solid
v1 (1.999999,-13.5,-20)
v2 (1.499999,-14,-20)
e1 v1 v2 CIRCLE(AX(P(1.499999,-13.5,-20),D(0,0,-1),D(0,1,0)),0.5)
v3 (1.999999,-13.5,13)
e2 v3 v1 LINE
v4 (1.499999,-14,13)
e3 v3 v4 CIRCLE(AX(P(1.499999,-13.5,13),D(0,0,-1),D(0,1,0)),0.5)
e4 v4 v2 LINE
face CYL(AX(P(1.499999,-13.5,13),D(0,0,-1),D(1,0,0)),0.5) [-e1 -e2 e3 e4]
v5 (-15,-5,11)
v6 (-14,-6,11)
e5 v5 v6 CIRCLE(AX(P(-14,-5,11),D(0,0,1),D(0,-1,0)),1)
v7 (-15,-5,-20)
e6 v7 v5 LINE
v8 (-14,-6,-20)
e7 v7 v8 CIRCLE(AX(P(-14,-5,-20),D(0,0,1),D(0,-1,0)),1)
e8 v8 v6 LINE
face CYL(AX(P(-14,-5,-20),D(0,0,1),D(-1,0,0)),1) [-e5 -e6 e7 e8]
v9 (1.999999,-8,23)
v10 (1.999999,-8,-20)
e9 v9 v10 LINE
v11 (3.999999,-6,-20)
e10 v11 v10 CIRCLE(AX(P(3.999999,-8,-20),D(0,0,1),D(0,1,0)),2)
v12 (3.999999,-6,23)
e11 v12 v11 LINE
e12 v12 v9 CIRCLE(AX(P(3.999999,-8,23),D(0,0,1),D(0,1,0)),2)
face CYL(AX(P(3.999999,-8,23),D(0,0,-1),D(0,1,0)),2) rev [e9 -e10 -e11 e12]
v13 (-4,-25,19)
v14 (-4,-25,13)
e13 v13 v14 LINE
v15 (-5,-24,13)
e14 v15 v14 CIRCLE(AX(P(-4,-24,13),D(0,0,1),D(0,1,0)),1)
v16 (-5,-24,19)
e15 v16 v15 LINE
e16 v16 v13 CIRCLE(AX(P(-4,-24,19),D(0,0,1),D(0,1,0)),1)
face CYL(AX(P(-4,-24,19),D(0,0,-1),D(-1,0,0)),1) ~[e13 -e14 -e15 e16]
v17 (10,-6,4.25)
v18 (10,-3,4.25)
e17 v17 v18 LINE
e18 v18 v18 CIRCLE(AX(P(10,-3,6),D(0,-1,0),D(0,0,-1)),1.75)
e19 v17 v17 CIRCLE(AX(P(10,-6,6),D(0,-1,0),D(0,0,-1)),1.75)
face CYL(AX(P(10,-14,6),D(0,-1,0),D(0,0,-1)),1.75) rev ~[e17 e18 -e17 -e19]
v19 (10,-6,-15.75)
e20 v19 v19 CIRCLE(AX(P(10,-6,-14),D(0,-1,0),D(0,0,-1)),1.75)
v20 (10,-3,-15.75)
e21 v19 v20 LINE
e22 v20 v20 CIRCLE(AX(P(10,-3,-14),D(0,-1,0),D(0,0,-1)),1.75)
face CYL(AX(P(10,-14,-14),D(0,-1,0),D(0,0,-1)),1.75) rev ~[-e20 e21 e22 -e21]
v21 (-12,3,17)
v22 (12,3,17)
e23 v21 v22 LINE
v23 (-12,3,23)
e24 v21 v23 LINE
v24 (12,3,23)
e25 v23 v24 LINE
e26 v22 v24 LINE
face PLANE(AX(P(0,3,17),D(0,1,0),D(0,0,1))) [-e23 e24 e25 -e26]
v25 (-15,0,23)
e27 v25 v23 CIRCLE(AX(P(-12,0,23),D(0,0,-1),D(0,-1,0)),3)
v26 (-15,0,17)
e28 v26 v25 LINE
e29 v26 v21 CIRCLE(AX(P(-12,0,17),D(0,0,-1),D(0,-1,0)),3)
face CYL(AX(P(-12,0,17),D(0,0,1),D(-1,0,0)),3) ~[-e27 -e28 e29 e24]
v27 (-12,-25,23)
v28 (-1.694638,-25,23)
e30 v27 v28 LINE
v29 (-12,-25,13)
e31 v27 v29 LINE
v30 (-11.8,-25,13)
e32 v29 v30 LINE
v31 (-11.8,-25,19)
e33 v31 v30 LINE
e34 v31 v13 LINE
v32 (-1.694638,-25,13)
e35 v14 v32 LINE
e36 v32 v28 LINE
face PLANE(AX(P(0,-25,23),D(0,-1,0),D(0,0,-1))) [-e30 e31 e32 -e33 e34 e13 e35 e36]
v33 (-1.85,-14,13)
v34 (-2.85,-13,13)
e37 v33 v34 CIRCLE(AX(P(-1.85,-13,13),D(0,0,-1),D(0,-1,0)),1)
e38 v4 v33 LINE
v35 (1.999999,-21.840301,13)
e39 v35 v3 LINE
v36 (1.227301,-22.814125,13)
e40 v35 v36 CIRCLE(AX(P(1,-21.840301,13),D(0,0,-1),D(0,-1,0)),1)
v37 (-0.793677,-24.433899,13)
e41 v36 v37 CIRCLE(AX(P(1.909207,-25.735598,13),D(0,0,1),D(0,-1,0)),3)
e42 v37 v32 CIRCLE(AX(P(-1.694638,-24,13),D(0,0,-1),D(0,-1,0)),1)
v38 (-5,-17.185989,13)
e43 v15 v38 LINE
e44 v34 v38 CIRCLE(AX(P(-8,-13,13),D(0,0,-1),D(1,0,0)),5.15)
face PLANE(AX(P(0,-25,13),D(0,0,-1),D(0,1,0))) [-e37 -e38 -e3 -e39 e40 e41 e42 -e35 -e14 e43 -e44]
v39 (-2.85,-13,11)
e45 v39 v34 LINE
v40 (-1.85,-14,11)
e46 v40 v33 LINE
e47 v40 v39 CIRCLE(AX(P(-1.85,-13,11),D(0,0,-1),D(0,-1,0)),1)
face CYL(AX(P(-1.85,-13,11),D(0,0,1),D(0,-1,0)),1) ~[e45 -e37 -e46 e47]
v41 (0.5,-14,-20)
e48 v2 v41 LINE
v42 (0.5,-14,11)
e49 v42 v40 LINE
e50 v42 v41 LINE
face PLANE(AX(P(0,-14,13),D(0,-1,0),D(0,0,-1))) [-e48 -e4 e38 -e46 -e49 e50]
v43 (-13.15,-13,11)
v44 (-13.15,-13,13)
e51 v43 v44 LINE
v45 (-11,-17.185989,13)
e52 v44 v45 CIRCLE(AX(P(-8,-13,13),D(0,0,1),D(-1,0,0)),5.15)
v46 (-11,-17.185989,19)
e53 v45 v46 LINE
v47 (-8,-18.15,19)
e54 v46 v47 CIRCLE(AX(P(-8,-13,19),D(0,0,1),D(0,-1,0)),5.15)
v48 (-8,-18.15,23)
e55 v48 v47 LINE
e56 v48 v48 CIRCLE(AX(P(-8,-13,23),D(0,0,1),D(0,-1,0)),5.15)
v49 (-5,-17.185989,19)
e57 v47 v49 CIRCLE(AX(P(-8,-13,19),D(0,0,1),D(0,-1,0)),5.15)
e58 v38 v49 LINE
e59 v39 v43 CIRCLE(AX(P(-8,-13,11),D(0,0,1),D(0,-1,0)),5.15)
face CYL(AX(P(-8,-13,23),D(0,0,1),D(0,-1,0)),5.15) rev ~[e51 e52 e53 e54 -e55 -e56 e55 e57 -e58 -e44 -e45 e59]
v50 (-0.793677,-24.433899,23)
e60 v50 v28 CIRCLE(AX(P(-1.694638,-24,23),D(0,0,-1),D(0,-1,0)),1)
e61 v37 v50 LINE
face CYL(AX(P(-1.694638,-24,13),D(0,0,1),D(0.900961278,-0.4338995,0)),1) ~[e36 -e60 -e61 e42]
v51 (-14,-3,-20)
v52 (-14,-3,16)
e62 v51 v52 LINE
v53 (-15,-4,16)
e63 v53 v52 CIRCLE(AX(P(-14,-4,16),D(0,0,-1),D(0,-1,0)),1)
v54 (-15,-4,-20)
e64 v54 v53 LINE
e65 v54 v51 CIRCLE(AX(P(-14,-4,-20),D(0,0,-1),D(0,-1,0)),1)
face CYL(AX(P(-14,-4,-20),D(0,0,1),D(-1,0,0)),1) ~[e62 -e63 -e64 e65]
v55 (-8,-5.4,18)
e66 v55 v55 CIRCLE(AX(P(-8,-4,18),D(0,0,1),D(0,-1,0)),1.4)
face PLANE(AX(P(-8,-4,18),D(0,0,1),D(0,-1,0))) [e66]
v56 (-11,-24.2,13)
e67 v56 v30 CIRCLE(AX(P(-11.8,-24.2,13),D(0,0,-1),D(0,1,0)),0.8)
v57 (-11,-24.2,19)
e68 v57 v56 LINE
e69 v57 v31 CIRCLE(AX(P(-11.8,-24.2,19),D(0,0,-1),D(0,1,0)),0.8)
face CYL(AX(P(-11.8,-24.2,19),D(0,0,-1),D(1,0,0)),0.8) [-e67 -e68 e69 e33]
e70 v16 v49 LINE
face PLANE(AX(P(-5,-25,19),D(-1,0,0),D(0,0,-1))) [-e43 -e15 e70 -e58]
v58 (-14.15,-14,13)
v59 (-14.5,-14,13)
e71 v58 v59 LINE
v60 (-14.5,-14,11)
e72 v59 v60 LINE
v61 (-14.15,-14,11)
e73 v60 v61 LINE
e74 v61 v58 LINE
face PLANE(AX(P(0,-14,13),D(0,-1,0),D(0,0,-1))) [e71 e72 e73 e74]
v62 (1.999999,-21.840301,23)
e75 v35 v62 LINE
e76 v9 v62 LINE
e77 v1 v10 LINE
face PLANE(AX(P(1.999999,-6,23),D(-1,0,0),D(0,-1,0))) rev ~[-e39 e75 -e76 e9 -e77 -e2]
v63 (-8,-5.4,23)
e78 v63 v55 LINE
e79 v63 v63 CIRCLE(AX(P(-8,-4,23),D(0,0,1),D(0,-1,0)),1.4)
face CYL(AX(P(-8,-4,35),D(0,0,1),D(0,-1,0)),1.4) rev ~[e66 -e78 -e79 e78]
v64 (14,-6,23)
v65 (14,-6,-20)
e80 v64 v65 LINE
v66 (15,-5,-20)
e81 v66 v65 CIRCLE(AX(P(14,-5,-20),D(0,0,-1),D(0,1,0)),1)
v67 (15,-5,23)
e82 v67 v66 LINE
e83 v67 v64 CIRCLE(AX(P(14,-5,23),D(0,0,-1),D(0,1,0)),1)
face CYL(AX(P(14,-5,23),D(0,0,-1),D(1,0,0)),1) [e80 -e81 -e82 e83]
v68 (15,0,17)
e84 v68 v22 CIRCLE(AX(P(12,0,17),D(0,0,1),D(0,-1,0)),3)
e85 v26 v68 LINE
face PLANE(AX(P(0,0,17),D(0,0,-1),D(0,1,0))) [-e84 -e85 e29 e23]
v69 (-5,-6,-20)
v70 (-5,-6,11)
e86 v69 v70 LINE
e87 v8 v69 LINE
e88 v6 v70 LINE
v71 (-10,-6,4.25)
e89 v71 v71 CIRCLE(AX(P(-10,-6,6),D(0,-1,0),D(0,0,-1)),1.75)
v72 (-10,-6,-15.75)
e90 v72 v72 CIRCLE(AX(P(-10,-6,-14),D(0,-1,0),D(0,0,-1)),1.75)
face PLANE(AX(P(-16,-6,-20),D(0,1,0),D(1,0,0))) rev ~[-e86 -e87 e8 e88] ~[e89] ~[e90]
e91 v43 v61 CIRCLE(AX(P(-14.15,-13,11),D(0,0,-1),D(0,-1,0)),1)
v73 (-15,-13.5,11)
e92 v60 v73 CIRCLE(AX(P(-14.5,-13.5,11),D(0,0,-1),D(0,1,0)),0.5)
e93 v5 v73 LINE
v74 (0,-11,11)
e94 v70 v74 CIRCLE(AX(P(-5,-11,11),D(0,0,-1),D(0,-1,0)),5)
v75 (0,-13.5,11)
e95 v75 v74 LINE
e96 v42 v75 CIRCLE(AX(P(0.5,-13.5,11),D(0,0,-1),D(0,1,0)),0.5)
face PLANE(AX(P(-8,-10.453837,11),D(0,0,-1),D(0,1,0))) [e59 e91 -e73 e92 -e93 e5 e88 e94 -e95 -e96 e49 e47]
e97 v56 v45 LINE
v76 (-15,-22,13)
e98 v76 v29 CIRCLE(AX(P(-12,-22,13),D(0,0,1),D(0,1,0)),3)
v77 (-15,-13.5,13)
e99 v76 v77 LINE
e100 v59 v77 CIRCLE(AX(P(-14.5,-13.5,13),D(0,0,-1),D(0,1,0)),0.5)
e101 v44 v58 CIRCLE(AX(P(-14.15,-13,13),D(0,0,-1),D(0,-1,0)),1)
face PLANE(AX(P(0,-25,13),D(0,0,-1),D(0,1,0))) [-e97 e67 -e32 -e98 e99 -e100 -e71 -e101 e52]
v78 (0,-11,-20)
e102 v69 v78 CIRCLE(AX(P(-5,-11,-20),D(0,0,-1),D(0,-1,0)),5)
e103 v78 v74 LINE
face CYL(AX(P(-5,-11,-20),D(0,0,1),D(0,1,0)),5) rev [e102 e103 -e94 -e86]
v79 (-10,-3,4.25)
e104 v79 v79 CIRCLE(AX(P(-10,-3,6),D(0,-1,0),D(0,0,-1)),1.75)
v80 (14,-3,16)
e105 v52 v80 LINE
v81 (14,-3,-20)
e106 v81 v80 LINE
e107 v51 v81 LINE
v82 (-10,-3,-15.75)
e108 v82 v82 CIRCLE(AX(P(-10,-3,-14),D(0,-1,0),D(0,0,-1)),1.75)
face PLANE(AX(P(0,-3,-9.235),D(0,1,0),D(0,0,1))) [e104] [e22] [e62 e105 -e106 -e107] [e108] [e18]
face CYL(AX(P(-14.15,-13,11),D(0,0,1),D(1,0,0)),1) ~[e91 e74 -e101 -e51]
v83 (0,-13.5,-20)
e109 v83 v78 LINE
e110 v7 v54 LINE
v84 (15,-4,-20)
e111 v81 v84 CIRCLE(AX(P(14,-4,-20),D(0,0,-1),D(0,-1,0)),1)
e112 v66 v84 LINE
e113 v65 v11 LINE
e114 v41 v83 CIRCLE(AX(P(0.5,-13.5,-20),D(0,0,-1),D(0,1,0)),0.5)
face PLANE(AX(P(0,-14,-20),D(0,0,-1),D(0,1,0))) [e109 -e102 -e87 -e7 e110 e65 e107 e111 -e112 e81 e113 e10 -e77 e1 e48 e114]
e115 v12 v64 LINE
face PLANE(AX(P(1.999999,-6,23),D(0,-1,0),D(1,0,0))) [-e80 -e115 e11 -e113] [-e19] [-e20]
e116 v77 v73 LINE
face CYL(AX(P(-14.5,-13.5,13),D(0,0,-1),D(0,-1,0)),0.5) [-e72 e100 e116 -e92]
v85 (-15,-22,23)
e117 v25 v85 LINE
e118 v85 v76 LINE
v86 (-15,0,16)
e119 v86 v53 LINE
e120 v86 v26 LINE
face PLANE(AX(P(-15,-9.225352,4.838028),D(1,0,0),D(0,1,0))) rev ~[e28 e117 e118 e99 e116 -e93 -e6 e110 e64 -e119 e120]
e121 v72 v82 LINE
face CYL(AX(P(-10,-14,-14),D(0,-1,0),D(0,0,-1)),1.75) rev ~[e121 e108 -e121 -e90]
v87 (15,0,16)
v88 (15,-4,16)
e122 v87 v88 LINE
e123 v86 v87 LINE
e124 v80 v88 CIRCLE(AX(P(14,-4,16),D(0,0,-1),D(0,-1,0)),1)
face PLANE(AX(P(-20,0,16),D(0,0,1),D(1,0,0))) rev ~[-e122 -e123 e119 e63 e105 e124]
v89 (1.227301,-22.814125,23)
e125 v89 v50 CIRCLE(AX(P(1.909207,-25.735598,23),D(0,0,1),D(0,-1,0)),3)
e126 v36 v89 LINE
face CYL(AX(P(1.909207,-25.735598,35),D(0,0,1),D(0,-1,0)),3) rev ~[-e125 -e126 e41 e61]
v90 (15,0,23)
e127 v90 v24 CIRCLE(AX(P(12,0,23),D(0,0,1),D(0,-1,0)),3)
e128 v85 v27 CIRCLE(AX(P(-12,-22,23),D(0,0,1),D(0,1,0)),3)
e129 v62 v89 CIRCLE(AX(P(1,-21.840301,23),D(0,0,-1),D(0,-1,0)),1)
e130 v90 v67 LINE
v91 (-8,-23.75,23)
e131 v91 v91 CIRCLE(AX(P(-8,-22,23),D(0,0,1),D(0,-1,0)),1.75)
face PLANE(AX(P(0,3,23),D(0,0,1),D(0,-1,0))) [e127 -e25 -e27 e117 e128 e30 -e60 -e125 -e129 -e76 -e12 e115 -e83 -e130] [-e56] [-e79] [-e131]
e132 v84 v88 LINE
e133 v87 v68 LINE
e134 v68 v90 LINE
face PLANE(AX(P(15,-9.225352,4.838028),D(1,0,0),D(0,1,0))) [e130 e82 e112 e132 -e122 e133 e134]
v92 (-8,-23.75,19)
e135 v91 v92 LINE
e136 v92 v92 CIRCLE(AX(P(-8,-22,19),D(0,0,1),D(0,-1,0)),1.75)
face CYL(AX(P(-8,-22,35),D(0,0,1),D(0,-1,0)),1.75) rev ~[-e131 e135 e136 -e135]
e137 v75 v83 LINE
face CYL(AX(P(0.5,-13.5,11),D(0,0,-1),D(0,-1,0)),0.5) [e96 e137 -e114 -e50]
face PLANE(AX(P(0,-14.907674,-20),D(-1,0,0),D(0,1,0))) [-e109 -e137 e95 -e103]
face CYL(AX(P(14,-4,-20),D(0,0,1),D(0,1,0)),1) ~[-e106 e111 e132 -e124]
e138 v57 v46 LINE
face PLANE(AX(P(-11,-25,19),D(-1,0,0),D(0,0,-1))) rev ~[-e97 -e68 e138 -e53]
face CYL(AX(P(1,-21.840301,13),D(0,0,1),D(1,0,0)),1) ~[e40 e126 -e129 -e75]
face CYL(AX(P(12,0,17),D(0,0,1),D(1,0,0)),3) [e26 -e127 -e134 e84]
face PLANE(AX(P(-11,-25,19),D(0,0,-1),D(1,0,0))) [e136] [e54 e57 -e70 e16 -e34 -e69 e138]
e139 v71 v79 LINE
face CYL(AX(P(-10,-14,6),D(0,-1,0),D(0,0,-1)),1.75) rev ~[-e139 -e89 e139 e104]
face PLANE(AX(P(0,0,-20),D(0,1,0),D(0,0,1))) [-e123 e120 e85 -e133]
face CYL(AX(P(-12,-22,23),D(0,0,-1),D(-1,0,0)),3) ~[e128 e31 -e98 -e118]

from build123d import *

# Parameters (mm, degrees)
PAD001_DEPTH      = 15
PAD001_DEPTH_BACK = 15
SKETCH014_W       = 8
SKETCH014_H       = 6
POCKET_DEPTH      = 11
SKETCH013_R       = 1.4
SKETCH013_R_2     = 1.75
POCKET001_DEPTH   = 17
SKETCH012_R       = 5.15
POCKET002_DEPTH   = 43.001
SKETCH007_R       = 1.75
POCKET003_DEPTH   = 17.001
SKETCH008_W       = 8.907674
SKETCH008_H       = 16
SKETCH008_W_2     = 9.43002
SKETCH008_H_2     = 13.41794
POCKET004_DEPTH   = 31
SKETCH018_R       = 3
POCKET005_DEPTH   = 55.001
SKETCH021_W       = 22.157055
SKETCH021_H       = 18.106247
POCKET006_DEPTH   = 44
SKETCH015_W       = 50.47
SKETCH015_H       = 40
POCKET007_DEPTH   = 3
FILLET_R          = 3
FILLET001_R       = 1
FILLET002_R       = 2
FILLET003_R       = 1
FILLET004_R       = 1
FILLET005_R       = 1
FILLET006_R       = 1
FILLET007_R       = 5
FILLET008_R       = 1
FILLET009_R       = 0.8
FILLET010_R       = 0.5
FILLET011_R       = 0.5
FILLET012_R       = 0.5
FILLET013_R       = 1


with BuildPart() as part:
    # Sketch005 → Pad001 (new body, two sides)
    with BuildSketch(Plane.YZ) as pad001_sk:
        Polygon((0, -20), (0, 17), (3, 17), (3, 23), (-25, 23), (-25, 13), (-14, 13), (-14, -20), align=None)
    extrude(amount=PAD001_DEPTH)
    extrude(pad001_sk.sketch, amount=-PAD001_DEPTH_BACK)

    # Sketch014 (on Face5 of Pad001) → Pocket (cut)
    with BuildSketch(Plane(origin=(0, -25, 0), x_dir=(0, 0, -1), z_dir=(0, -1, 0))):
        with Locations((-15, -8)):
            Rectangle(SKETCH014_W, SKETCH014_H)
    extrude(amount=-POCKET_DEPTH, mode=Mode.SUBTRACT)

    # Sketch013 → Pocket001 (cut)
    with BuildSketch(Plane(origin=(0, 0, 35), x_dir=(0, -1, 0), z_dir=(0, 0, 1))):
        with Locations((4, -8)):
            Circle(SKETCH013_R)
        with Locations((22, -8)):
            Circle(SKETCH013_R_2)
    extrude(amount=-POCKET001_DEPTH, mode=Mode.SUBTRACT)

    # Sketch012 (on Face4 of Pad001) → Pocket002 (cut, through all)
    with BuildSketch(Plane(origin=(0, 0, 23), x_dir=(0, -1, 0), z_dir=(0, 0, 1))):
        with Locations((13, -8)):
            Circle(SKETCH012_R)
    extrude(amount=-POCKET002_DEPTH, mode=Mode.SUBTRACT)

    # Sketch007 → Pocket003 (cut, through all)
    with BuildSketch(Plane(origin=(0, -14, 0), x_dir=(0, 0, -1), z_dir=(0, -1, 0))):
        with Locations((-6, 10)):
            Circle(SKETCH007_R)
        with Locations((14, 10)):
            Circle(SKETCH007_R)
        with Locations((-6, -10)):
            Circle(SKETCH007_R)
        with Locations((14, -10)):
            Circle(SKETCH007_R)
    extrude(amount=-POCKET003_DEPTH, mode=Mode.SUBTRACT)

    # Sketch008 → Pocket004 (cut)
    with BuildSketch(Plane.YX.offset(20)):
        with Locations((-10.453837, -8)):
            Rectangle(SKETCH008_W, SKETCH008_H)
        with Locations((-10.71501, 10.872729)):
            Rectangle(SKETCH008_W_2, SKETCH008_H_2)
    extrude(amount=-POCKET004_DEPTH, mode=Mode.SUBTRACT)

    # Sketch018 → Pocket005 (cut, through all)
    with BuildSketch(Plane(origin=(0, 0, 35), x_dir=(0, -1, 0), z_dir=(0, 0, 1))):
        with Locations((25.735598, 1.909207)):
            Circle(SKETCH018_R)
    extrude(amount=-POCKET005_DEPTH, mode=Mode.SUBTRACT)

    # Sketch021 → Pocket006 (cut)
    with BuildSketch(Plane(origin=(0, 0, 23), x_dir=(0, -1, 0), z_dir=(0, 0, 1))):
        with Locations((17.078527, 11.053123)):
            Rectangle(SKETCH021_W, SKETCH021_H)
    extrude(amount=-POCKET006_DEPTH, mode=Mode.SUBTRACT)

    # Sketch015 → Pocket007 (cut)
    with BuildSketch(Plane.ZX):
        with Locations((-9.235, 0)):
            Rectangle(SKETCH015_W, SKETCH015_H)
    extrude(amount=-POCKET007_DEPTH, mode=Mode.SUBTRACT)

    # Fillet
    fillet_edges = [part.edges().sort_by_distance(p)[0] for p in [
        (-15, 3, 20),
        (-15, -25, 18),
        (15, 3, 20),
    ]]
    fillet(fillet_edges, radius=FILLET_R)

    # Fillet001
    fillet001_edges = [part.edges().sort_by_distance(p)[0] for p in [
        (15, -6, 17),
    ]]
    fillet(fillet001_edges, radius=FILLET001_R)

    # Fillet002
    fillet002_edges = [part.edges().sort_by_distance(p)[0] for p in [
        (2, -6, 1.5),
    ]]
    fillet(fillet002_edges, radius=FILLET002_R)

    # Fillet003
    fillet003_edges = [part.edges().sort_by_distance(p)[0] for p in [
        (2, -22.736972, 18),
        (-0.999211, -25, 18),
    ]]
    fillet(fillet003_edges, radius=FILLET003_R)

    # Fillet004
    fillet004_edges = [part.edges().sort_by_distance(p)[0] for p in [
        (-15, -6, -4.5),
    ]]
    fillet(fillet004_edges, radius=FILLET004_R)

    # Fillet005
    fillet005_edges = [part.edges().sort_by_distance(p)[0] for p in [
        (-15, -3, -2),
    ]]
    fillet(fillet005_edges, radius=FILLET005_R)

    # Fillet006
    fillet006_edges = [part.edges().sort_by_distance(p)[0] for p in [
        (15, -3, -2),
    ]]
    fillet(fillet006_edges, radius=FILLET006_R)

    # Fillet007
    fillet007_edges = [part.edges().sort_by_distance(p)[0] for p in [
        (0, -6, -4.5),
    ]]
    fillet(fillet007_edges, radius=FILLET007_R)

    # Fillet008
    fillet008_edges = [part.edges().sort_by_distance(p)[0] for p in [
        (-5, -25, 16),
    ]]
    fillet(fillet008_edges, radius=FILLET008_R)

    # Fillet009
    fillet009_edges = [part.edges().sort_by_distance(p)[0] for p in [
        (-11, -25, 16),
    ]]
    fillet(fillet009_edges, radius=FILLET009_R)

    # Fillet010
    fillet010_edges = [part.edges().sort_by_distance(p)[0] for p in [
        (0, -14, -4.5),
    ]]
    fillet(fillet010_edges, radius=FILLET010_R)

    # Fillet011
    fillet011_edges = [part.edges().sort_by_distance(p)[0] for p in [
        (2, -14, -3.5),
    ]]
    fillet(fillet011_edges, radius=FILLET011_R)

    # Fillet012
    fillet012_edges = [part.edges().sort_by_distance(p)[0] for p in [
        (-15, -14, 12),
    ]]
    fillet(fillet012_edges, radius=FILLET012_R)

    # Fillet013
    fillet013_edges = [part.edges().sort_by_distance(p)[0] for p in [
        (-13.05198, -14, 12),
        (-2.94802, -14, 12),
    ]]
    fillet(fillet013_edges, radius=FILLET013_R)


solid = part.part
